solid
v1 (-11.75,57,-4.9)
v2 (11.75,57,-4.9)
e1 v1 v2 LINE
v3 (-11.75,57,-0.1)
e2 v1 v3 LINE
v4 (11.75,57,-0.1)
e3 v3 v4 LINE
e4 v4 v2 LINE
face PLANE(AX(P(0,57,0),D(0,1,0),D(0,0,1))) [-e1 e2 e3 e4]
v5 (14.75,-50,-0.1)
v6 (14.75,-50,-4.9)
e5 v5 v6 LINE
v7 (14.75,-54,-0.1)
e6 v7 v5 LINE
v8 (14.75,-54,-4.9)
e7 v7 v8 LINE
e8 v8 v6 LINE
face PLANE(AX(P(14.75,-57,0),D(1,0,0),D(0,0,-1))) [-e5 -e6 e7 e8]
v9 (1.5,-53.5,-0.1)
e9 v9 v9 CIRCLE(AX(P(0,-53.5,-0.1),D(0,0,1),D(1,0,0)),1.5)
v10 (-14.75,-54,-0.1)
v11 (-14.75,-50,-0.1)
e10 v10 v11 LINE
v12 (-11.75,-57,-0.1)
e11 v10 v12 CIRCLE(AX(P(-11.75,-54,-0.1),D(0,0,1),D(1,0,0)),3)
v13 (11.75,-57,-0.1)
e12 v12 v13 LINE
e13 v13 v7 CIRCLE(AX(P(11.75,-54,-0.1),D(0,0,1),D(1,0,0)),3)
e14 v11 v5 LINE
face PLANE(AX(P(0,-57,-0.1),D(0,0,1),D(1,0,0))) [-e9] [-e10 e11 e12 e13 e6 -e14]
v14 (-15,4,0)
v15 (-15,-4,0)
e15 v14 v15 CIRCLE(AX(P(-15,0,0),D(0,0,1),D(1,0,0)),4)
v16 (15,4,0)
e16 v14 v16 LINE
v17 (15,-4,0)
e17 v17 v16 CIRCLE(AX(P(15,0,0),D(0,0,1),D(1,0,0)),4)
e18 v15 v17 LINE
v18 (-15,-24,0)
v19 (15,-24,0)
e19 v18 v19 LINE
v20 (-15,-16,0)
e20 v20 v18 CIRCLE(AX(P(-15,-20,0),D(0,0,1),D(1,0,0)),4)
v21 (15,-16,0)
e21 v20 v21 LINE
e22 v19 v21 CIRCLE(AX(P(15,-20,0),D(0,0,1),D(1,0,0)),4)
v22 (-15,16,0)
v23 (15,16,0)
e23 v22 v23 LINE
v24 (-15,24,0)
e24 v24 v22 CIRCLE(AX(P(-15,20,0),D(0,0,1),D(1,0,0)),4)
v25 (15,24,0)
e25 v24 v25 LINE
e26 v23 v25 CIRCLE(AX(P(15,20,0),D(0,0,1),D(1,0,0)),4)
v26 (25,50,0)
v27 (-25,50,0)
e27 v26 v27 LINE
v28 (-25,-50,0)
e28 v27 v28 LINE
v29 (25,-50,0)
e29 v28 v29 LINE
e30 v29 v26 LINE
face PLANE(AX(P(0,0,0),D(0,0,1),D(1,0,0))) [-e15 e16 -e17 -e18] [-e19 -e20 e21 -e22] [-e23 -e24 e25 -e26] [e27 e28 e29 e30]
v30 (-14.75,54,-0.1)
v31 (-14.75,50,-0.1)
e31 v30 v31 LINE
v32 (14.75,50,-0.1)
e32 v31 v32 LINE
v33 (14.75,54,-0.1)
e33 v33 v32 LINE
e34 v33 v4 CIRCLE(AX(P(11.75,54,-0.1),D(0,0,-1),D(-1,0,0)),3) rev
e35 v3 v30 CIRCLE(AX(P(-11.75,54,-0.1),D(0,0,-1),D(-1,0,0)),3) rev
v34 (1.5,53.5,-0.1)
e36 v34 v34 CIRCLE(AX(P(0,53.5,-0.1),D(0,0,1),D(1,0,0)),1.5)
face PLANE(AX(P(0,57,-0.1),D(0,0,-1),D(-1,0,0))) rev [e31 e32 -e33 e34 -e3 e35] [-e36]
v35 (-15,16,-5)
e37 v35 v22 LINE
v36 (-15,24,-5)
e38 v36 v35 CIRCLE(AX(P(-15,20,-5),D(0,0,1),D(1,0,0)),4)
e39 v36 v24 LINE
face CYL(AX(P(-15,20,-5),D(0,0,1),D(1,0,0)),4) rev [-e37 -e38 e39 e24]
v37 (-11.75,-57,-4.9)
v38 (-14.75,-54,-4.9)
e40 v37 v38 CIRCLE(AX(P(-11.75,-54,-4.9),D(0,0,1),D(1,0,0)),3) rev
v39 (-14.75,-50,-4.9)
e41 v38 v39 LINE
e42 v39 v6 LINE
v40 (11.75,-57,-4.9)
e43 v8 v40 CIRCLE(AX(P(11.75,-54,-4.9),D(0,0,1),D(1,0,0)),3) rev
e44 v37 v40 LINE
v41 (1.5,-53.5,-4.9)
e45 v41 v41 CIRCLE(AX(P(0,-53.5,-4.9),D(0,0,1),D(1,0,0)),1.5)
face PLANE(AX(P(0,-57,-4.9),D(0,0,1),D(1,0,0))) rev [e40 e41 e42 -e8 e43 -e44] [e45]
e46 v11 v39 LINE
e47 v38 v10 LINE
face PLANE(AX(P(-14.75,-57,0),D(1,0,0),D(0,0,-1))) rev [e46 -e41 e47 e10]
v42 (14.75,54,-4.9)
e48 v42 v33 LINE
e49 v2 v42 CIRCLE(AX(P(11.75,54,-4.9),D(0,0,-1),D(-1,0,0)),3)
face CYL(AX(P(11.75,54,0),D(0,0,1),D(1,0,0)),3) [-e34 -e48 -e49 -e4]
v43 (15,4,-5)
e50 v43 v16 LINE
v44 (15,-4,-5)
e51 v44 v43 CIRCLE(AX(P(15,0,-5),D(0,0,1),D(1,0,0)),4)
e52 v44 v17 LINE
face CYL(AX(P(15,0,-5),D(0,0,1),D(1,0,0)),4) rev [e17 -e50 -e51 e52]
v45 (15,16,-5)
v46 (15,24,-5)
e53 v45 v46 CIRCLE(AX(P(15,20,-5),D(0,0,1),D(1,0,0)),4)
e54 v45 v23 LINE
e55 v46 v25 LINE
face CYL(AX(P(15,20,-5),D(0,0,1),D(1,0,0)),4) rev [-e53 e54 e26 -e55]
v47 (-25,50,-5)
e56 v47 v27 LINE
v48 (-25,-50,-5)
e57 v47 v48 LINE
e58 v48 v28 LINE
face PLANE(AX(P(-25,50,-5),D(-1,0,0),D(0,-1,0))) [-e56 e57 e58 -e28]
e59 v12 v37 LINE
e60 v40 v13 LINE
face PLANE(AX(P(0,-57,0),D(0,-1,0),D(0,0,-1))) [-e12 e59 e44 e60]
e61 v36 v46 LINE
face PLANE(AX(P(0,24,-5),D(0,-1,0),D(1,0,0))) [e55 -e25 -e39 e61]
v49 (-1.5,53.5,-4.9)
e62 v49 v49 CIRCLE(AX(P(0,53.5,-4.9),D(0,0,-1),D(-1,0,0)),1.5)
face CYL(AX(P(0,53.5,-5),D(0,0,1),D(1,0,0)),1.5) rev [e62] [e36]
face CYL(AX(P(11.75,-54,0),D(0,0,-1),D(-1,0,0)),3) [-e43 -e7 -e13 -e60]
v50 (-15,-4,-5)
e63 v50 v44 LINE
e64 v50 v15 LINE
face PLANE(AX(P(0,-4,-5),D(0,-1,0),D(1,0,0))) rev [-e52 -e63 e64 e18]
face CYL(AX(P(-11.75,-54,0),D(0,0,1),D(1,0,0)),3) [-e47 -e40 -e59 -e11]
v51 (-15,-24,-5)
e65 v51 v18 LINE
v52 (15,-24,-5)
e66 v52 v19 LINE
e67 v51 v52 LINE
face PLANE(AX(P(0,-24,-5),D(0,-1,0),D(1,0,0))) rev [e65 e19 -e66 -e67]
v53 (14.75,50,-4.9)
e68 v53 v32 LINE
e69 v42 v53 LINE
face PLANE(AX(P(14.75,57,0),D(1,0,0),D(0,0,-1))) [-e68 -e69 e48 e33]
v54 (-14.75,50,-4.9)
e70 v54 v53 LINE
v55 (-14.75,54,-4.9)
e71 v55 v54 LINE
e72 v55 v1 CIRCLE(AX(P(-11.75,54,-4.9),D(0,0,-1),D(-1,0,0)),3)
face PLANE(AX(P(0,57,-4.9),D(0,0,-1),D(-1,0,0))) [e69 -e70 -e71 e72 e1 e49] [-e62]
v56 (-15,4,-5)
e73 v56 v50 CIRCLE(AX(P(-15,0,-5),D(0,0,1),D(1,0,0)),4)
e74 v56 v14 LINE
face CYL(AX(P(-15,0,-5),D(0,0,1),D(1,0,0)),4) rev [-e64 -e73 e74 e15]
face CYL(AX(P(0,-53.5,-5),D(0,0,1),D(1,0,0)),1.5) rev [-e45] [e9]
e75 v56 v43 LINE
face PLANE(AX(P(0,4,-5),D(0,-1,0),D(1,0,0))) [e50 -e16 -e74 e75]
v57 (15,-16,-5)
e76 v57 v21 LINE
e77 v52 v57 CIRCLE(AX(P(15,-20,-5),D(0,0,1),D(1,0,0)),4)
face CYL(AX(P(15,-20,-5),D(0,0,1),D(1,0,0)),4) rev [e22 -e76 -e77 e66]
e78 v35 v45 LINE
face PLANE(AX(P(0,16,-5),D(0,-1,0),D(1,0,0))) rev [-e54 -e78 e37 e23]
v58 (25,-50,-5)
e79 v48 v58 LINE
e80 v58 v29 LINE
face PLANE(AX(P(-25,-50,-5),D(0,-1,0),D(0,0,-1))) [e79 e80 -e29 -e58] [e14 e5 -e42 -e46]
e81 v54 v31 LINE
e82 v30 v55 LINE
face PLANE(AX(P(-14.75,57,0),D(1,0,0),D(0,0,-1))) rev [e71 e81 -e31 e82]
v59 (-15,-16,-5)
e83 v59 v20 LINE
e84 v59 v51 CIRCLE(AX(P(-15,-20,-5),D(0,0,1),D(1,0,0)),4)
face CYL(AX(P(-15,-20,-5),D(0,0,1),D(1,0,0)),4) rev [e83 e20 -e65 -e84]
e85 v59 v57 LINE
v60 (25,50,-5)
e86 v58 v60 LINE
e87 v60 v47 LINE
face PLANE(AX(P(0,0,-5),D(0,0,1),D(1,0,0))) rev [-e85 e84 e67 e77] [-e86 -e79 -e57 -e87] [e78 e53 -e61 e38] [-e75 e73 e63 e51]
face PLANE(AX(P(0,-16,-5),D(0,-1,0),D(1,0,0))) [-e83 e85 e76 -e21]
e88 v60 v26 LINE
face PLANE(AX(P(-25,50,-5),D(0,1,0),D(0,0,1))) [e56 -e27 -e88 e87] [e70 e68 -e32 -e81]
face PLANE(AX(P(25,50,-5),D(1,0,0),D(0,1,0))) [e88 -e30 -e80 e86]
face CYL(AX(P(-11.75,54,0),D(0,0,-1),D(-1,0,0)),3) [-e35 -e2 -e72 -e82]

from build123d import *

# Parameters (mm, degrees)
SKETCH_1_W          = 50
SKETCH_1_H          = 100
EXTRUDE_1_DEPTH     = 5
SKETCH_2_W          = 29.5
SKETCH_2_H          = 2.4
EXTRUDE_2_DEPTH     = 7
SKETCH_3_W          = 29.5
SKETCH_3_H          = 2.4
EXTRUDE_3_DEPTH     = 7
CUT_EXTRUDE_1_DEPTH = 5
FILLET_1_R          = 3
SKETCH_5_R          = 1.5
CUT_EXTRUDE_2_DEPTH = 5.9
SKETCH_6_R          = 1.5
CUT_EXTRUDE_3_DEPTH = 5.9


with BuildPart() as part:
    # 草图1 → 凸台-拉伸1 (new body)
    with BuildSketch(Plane.XY):
        Rectangle(SKETCH_1_W, SKETCH_1_H)
    extrude(amount=-EXTRUDE_1_DEPTH)

    # 草图2 → 凸台-拉伸2 (add)
    with BuildSketch(Plane(origin=(0, 50, 0), x_dir=(1, 0, 0), z_dir=(0, 1, 0))):
        with Locations((0, 3.7)):
            Rectangle(SKETCH_2_W, SKETCH_2_H)
        with Locations((0, 1.3)):
            Rectangle(SKETCH_2_W, SKETCH_2_H)
    extrude(amount=EXTRUDE_2_DEPTH)

    # 草图3 → 凸台-拉伸3 (add)
    with BuildSketch(Plane.XZ.offset(50)):
        with Locations((0, -1.3)):
            Rectangle(SKETCH_3_W, SKETCH_3_H)
        with Locations((0, -3.7)):
            Rectangle(SKETCH_3_W, SKETCH_3_H)
    extrude(amount=EXTRUDE_3_DEPTH)

    # 草图4 → 切除-拉伸1 (cut)
    with BuildSketch(Plane.XY):
        with BuildLine():
            Line((0, 20), (0, 24))
            Line((0, 24), (-15, 24))
            ThreePointArc((-15, 24), (-17.828427125, 22.828427125), (-19, 20))
            Line((-19, 20), (0, 20))
        make_face()
        with BuildLine():
            Line((15, 24), (0, 24))
            Line((0, 24), (0, 20))
            Line((0, 20), (19, 20))
            ThreePointArc((19, 20), (17.828427125, 22.828427125), (15, 24))
        make_face()
        with BuildLine():
            Line((0, 16), (0, 20))
            Line((0, 20), (-19, 20))
            ThreePointArc((-19, 20), (-17.828427125, 17.171572875), (-15, 16))
            Line((-15, 16), (0, 16))
        make_face()
        with BuildLine():
            Line((19, 20), (0, 20))
            Line((0, 20), (0, 16))
            Line((0, 16), (15, 16))
            ThreePointArc((15, 16), (17.828427125, 17.171572875), (19, 20))
        make_face()
        with BuildLine():
            Line((0, 0), (0, 4))
            Line((0, 4), (-15, 4))
            ThreePointArc((-15, 4), (-17.828427125, 2.828427125), (-19, 0))
            Line((-19, 0), (0, 0))
        make_face()
        with BuildLine():
            Line((15, 4), (0, 4))
            Line((0, 4), (0, 0))
            Line((0, 0), (19, 0))
            ThreePointArc((19, 0), (17.828427125, 2.828427125), (15, 4))
        make_face()
        with BuildLine():
            Line((0, -4), (0, 0))
            Line((0, 0), (-19, 0))
            ThreePointArc((-19, 0), (-17.828427125, -2.828427125), (-15, -4))
            Line((-15, -4), (0, -4))
        make_face()
        with BuildLine():
            Line((19, 0), (0, 0))
            Line((0, 0), (0, -4))
            Line((0, -4), (15, -4))
            ThreePointArc((15, -4), (17.828427125, -2.828427125), (19, 0))
        make_face()
        with BuildLine():
            Line((0, -20), (0, -16))
            Line((0, -16), (-15, -16))
            ThreePointArc((-15, -16), (-17.828427125, -17.171572875), (-19, -20))
            Line((-19, -20), (0, -20))
        make_face()
        with BuildLine():
            Line((0, -24), (0, -20))
            Line((0, -20), (-19, -20))
            ThreePointArc((-19, -20), (-17.828427125, -22.828427125), (-15, -24))
            Line((-15, -24), (0, -24))
        make_face()
        with BuildLine():
            Line((15, -16), (0, -16))
            Line((0, -16), (0, -20))
            Line((0, -20), (19, -20))
            ThreePointArc((19, -20), (17.828427125, -17.171572875), (15, -16))
        make_face()
        with BuildLine():
            Line((19, -20), (0, -20))
            Line((0, -20), (0, -24))
            Line((0, -24), (15, -24))
            ThreePointArc((15, -24), (17.828427125, -22.828427125), (19, -20))
        make_face()
    extrude(amount=-CUT_EXTRUDE_1_DEPTH, mode=Mode.SUBTRACT)

    # 圆角1
    fillet_1_edges = [part.edges().sort_by_distance(p)[0] for p in [
        (14.75, 57, -2.5),
        (-14.75, 57, -2.5),
        (14.75, -57, -2.5),
        (-14.75, -57, -2.5),
    ]]
    fillet(fillet_1_edges, radius=FILLET_1_R)

    # 草图5 → 切除-拉伸2 (cut, through all)
    with BuildSketch(Plane.XY.offset(-0.1)):
        with Locations((0, 53.5)):
            Circle(SKETCH_5_R)
    extrude(amount=-CUT_EXTRUDE_2_DEPTH, mode=Mode.SUBTRACT)

    # 草图6 → 切除-拉伸3 (cut, through all)
    with BuildSketch(Plane.XY.offset(-0.1)):
        with Locations((0, -53.5)):
            Circle(SKETCH_6_R)
    extrude(amount=-CUT_EXTRUDE_3_DEPTH, mode=Mode.SUBTRACT)


solid = part.part
